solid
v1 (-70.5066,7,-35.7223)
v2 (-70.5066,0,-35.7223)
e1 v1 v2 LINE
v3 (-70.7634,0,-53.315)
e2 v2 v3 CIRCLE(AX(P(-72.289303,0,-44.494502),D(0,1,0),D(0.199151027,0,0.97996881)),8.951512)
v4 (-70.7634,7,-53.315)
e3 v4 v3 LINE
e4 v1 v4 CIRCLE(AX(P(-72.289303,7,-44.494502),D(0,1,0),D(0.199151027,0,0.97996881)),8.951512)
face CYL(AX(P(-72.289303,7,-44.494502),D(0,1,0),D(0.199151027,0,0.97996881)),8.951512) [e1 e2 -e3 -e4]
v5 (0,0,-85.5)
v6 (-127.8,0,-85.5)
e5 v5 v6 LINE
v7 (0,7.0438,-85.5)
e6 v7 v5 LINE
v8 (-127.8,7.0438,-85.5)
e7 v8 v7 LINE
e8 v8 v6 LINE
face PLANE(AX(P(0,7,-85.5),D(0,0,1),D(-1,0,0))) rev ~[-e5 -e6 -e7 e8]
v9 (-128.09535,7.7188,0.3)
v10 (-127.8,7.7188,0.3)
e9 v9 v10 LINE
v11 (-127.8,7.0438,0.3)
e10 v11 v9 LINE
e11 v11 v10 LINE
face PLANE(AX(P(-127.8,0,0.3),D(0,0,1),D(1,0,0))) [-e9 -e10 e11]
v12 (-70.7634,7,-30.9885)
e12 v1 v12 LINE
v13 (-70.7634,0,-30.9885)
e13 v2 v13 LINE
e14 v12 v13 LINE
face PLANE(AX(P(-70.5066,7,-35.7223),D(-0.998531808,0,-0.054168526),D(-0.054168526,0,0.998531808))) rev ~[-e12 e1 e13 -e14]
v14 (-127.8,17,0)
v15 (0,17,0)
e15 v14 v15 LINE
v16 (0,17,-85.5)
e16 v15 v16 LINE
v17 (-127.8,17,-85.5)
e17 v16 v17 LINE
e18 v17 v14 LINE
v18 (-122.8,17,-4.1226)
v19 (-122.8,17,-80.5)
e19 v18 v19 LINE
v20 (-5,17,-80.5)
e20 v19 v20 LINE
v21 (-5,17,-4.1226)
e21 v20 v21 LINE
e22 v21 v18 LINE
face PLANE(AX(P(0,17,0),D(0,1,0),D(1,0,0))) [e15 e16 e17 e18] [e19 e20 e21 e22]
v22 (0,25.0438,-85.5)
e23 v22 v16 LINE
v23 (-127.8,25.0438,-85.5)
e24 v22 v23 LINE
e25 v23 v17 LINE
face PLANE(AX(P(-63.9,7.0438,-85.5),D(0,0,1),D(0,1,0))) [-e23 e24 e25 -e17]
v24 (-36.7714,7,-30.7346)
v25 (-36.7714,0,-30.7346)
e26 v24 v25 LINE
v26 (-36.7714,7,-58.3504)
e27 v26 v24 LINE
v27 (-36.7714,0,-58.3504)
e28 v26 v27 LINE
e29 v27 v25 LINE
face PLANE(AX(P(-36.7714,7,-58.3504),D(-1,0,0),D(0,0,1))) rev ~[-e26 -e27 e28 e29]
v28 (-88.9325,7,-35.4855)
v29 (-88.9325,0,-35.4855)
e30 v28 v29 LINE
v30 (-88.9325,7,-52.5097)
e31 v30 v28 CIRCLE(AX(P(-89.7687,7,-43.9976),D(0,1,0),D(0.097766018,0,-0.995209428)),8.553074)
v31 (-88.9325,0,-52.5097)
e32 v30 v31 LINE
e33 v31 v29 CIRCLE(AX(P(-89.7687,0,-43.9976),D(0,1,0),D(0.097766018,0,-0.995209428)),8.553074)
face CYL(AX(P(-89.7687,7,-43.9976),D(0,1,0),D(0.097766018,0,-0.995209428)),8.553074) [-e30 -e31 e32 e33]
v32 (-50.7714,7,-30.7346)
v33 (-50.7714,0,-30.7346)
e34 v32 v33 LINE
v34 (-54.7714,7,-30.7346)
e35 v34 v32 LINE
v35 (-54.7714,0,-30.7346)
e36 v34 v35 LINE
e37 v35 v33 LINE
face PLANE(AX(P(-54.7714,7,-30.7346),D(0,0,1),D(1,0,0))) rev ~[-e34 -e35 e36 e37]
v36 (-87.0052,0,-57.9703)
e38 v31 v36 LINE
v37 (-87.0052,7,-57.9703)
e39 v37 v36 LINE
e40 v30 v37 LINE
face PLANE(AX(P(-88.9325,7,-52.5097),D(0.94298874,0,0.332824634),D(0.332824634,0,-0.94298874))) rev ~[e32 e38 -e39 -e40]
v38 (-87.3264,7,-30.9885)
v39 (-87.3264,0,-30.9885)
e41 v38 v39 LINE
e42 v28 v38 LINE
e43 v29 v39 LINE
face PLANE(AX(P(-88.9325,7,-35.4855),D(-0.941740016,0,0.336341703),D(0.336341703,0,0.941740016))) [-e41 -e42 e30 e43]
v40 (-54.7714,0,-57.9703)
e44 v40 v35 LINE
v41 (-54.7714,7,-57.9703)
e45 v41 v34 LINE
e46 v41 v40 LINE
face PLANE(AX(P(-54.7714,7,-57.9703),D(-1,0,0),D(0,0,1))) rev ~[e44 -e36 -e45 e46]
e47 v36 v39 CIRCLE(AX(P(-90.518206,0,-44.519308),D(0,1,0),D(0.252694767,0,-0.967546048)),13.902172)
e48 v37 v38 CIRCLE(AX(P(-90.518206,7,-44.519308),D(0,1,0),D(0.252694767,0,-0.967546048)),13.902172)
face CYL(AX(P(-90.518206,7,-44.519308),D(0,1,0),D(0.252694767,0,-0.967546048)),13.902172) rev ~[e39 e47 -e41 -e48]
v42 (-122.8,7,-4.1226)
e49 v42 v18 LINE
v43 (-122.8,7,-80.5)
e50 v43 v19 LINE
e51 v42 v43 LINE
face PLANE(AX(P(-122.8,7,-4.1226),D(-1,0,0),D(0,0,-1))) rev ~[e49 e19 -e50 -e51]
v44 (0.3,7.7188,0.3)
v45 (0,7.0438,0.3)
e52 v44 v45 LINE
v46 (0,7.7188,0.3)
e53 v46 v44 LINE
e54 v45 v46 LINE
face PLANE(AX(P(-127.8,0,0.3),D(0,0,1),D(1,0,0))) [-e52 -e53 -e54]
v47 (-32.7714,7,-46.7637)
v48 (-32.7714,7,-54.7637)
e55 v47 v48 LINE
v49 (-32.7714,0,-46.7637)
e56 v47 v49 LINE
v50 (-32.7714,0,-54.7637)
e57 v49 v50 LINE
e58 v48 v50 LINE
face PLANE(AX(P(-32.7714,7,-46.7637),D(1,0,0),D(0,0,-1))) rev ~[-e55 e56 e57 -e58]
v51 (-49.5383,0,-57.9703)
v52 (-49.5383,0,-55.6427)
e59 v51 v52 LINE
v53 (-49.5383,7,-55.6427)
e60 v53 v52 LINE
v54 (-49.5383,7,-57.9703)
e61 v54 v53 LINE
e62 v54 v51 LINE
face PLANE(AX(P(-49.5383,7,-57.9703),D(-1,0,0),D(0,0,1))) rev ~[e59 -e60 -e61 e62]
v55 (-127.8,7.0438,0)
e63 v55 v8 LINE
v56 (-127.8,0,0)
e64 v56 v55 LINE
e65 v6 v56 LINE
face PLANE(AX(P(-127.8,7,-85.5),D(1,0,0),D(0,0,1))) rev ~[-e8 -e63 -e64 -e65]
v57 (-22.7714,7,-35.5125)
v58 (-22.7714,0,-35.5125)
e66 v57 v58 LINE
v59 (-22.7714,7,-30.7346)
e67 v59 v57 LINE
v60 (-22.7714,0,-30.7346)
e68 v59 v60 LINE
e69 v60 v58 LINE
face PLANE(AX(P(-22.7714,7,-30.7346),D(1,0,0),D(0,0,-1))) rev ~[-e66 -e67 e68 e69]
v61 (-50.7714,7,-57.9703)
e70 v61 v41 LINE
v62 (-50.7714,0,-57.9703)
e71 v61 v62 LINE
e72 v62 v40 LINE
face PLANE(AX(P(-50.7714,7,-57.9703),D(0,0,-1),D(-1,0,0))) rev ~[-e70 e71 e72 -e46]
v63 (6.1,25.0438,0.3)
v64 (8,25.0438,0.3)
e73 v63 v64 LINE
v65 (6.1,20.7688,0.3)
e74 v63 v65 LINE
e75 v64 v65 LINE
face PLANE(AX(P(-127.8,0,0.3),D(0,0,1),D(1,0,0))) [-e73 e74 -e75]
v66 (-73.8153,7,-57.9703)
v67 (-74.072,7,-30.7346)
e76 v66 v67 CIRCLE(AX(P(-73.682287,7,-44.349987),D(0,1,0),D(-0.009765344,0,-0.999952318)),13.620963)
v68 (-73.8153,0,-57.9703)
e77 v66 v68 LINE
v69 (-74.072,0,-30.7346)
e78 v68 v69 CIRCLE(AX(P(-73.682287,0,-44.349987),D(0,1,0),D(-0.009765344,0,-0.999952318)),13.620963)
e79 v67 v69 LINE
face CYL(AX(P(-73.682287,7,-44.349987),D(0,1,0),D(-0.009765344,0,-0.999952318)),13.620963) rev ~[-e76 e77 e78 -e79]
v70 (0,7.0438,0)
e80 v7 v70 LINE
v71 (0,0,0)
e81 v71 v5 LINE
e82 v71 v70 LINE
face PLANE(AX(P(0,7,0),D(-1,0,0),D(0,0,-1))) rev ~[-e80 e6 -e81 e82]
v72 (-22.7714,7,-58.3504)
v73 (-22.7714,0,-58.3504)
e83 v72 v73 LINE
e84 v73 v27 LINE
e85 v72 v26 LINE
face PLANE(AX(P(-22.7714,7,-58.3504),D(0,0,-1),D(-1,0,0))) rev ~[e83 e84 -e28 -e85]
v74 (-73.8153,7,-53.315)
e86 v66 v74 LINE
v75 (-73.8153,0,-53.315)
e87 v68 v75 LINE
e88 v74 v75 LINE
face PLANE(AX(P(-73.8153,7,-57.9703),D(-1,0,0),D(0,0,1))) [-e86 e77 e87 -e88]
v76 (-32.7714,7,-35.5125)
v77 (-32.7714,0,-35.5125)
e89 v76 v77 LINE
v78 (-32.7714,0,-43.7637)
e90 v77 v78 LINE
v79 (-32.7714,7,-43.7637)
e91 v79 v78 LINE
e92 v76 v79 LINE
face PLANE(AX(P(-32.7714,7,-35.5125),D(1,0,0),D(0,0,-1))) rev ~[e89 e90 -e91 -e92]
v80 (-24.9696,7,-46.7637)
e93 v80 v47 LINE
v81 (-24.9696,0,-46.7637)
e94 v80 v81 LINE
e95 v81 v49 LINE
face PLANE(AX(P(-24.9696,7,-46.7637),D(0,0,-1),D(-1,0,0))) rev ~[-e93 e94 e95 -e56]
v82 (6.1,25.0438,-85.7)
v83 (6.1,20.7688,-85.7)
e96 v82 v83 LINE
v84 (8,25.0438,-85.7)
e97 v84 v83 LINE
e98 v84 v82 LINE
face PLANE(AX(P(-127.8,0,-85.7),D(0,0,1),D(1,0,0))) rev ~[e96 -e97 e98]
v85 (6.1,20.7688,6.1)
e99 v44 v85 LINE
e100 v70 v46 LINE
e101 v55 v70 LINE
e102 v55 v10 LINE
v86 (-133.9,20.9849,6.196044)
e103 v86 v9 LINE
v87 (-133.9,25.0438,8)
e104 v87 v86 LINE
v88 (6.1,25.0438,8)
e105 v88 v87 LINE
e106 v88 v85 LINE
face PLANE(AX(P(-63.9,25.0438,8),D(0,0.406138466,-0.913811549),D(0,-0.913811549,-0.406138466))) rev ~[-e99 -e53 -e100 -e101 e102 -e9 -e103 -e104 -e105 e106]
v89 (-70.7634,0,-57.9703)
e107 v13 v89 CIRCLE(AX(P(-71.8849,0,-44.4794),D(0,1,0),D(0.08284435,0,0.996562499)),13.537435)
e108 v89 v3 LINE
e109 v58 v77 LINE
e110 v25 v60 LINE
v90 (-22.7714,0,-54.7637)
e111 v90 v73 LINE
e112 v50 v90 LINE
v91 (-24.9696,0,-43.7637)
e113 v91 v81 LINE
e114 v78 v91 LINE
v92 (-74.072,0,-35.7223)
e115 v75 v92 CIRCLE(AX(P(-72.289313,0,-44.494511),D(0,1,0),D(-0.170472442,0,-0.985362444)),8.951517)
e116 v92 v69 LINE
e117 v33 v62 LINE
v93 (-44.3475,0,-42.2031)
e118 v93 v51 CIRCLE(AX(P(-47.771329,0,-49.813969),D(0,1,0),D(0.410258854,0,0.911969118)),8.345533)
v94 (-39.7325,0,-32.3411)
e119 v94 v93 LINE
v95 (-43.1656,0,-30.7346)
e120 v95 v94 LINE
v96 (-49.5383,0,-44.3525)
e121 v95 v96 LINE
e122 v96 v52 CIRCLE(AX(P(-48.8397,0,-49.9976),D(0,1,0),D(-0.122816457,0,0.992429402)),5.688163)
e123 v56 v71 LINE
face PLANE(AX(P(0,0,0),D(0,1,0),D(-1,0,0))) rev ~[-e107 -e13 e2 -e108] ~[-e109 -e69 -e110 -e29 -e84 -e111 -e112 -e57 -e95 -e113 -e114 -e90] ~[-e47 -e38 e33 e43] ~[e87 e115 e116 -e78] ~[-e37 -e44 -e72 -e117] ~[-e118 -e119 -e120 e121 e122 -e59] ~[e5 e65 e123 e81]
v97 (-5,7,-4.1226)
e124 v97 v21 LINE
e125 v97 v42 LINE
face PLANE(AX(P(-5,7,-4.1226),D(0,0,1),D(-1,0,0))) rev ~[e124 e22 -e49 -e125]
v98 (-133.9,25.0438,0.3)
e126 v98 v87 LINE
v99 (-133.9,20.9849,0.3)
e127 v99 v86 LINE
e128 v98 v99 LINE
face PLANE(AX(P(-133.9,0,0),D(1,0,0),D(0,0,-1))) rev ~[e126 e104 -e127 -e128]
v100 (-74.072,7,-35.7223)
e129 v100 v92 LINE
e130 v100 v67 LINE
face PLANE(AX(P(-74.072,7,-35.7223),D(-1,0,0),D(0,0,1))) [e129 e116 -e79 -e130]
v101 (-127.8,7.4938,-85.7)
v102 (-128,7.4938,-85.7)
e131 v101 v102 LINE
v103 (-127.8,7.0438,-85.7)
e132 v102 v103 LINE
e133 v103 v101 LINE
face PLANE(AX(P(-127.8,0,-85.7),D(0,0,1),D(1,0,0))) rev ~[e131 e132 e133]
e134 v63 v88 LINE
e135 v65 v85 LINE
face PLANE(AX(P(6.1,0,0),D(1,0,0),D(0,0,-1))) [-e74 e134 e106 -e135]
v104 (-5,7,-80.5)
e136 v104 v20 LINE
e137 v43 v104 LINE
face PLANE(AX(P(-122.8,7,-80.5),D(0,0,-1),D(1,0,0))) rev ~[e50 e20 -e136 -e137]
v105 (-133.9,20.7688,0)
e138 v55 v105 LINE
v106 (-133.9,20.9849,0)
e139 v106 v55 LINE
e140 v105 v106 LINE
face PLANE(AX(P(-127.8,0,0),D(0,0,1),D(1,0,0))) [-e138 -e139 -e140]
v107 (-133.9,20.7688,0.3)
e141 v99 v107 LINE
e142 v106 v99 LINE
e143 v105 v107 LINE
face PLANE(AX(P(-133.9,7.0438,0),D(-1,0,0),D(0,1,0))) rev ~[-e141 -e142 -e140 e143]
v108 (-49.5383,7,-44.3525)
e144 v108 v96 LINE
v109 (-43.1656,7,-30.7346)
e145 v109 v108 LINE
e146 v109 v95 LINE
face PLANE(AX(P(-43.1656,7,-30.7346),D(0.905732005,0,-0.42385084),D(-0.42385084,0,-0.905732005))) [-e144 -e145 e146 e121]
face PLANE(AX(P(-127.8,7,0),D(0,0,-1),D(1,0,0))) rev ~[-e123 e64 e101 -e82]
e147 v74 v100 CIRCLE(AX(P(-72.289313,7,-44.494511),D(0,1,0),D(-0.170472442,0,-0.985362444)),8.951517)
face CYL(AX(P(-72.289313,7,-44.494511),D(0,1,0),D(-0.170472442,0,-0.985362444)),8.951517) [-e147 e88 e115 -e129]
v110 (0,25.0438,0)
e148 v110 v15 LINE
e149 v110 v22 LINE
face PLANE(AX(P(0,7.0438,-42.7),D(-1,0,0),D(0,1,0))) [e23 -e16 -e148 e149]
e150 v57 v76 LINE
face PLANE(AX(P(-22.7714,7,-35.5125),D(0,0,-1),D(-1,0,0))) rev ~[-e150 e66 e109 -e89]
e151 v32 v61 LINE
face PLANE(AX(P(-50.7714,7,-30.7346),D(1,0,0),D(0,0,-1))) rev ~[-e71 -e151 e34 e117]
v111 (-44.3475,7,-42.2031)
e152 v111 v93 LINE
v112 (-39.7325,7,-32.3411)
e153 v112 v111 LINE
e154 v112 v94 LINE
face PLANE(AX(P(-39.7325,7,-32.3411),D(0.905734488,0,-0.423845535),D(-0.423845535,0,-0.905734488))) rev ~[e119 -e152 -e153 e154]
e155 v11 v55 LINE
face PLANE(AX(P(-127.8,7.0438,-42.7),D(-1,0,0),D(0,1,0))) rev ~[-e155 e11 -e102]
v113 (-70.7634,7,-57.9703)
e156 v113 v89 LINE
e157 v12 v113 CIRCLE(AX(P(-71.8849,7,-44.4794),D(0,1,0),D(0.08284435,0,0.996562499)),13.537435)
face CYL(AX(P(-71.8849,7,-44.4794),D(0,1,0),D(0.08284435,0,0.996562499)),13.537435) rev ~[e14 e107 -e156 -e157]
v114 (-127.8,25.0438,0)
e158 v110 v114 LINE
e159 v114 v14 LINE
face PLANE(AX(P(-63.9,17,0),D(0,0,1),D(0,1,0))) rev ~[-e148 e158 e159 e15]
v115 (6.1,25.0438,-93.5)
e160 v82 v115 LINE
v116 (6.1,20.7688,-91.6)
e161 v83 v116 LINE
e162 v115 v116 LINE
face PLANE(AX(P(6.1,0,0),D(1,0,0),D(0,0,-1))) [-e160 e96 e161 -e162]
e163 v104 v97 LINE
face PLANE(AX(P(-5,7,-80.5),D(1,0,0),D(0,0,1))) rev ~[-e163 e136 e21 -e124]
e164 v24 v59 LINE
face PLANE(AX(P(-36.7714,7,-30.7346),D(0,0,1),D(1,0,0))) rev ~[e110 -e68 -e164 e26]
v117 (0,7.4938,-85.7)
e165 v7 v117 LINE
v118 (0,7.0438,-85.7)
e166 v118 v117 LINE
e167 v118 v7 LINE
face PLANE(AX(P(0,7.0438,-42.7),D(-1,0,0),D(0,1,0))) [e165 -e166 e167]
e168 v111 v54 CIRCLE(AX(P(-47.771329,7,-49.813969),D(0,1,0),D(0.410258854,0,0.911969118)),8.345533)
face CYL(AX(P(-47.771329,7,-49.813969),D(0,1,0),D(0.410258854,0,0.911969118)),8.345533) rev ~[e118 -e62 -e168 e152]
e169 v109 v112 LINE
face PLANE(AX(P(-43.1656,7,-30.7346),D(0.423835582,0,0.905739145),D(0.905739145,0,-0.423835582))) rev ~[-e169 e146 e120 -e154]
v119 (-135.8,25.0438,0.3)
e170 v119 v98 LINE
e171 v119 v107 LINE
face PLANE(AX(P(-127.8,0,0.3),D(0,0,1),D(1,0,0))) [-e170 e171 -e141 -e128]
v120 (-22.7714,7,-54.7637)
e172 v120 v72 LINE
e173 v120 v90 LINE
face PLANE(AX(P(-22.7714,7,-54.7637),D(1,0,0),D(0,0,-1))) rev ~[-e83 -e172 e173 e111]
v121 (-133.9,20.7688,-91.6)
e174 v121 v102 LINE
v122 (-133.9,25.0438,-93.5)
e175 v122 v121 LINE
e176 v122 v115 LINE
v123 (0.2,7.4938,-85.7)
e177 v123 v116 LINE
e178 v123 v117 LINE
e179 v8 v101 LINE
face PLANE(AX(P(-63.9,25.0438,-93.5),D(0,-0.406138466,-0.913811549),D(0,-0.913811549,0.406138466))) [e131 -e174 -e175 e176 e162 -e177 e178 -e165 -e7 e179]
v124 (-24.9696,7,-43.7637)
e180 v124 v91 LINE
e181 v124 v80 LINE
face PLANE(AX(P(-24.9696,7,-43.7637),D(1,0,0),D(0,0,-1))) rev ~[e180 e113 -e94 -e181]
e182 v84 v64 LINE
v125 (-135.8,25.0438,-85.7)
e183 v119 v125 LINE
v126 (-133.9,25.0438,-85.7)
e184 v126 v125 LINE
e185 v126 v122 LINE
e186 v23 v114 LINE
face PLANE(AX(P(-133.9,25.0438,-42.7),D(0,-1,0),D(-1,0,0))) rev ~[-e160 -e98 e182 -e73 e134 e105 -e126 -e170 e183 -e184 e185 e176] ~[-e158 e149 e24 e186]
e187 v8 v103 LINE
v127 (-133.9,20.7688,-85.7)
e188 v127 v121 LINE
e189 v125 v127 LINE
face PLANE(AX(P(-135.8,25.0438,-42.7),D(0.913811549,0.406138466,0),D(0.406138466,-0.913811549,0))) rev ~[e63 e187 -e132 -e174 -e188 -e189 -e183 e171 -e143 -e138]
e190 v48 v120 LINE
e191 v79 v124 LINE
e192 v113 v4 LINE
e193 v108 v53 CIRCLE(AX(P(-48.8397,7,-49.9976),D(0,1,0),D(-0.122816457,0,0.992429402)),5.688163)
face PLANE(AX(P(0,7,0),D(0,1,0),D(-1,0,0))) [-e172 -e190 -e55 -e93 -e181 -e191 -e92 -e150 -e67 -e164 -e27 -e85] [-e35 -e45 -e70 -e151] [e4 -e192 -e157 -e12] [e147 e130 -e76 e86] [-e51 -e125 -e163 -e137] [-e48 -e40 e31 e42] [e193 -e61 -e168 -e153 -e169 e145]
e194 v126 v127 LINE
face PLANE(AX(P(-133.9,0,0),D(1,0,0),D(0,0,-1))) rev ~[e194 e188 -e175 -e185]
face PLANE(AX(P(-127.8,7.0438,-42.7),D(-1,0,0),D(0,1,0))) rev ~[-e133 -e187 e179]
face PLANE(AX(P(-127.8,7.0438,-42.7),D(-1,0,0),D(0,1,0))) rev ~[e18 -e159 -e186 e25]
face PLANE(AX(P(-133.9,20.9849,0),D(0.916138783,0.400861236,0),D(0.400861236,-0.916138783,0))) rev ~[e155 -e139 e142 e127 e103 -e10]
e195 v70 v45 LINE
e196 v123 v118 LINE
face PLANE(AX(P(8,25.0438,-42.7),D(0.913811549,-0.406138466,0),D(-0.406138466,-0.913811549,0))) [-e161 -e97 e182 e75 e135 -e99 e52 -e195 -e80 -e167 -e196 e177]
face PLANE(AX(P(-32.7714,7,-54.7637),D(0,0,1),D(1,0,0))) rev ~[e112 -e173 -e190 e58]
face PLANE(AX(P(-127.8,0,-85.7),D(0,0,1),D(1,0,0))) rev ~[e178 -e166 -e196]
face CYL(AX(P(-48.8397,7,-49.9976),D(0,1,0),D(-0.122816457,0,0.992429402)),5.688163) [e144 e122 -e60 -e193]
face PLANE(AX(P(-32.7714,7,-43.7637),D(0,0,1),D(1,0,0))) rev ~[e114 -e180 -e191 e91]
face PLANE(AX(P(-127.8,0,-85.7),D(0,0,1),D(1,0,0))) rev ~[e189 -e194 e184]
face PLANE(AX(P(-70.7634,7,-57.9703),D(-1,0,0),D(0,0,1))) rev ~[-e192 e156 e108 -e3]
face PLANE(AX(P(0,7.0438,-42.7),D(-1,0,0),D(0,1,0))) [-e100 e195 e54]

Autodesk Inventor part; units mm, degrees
ref_plane "YZ Plane" through (0, 0, 0) normal (1, 0, 0) x (0, 1, 0)
ref_plane "XZ Plane" through (0, 0, 0) normal (0, 1, 0) x (-1, 0, 0)
ref_plane "XY Plane" through (0, 0, 0) normal (0, 0, 1) x (1, 0, 0)
sketch "Sketch1" plane through (0, 0, 0) normal (0, 1, 0) x (-1, 0, 0)
  line L0 (0, 0) -> (0, -85.5)
  line L1 (0, -85.5) -> (127.8, -85.5)
  line L2 (127.8, -85.5) -> (127.8, 0)
  line L3 (127.8, 0) -> (0, 0)
  dimension "d0" = 85.5
  dimension "d1" = 127.8
extrude "Extrusion2" add sketch "Sketch1" along normal blind 7
sketch "Sketch3" plane through (0, 7, 0) normal (0, 1, 0) x (1, 0, 0)
  point P0 (0, 0)
sketch "Sketch4" plane through (0, 7, 0) normal (0, 1, 0) x (1, 0, 0)
  arc A0 (-87.0052, 57.9703) -> (-87.3264, 30.9885) centre (-90.5182, 44.5193) ccw
  arc A1 (-88.9325, 52.5097) -> (-88.9325, 35.4855) centre (-89.7687, 43.9976) ccw
  line L0 (-88.9325, 52.5097) -> (-87.0052, 57.9703)
  line L1 (-88.9325, 35.4855) -> (-87.3264, 30.9885)
  arc A2 (-73.8153, 53.315) -> (-74.072, 35.7223) centre (-72.2893, 44.4945) ccw
  arc A3 (-70.5066, 35.7223) -> (-70.7634, 53.315) centre (-72.2893, 44.4945) ccw
  arc A4 (-70.7634, 30.9885) -> (-70.7634, 57.9703) centre (-71.8849, 44.4794) ccw
  line L2 (-70.7634, 57.9703) -> (-70.7634, 53.315)
  line L3 (-70.5066, 35.7223) -> (-70.7634, 30.9885)
  line L4 (-74.072, 35.7223) -> (-74.072, 30.7346)
  line L5 (-73.8153, 57.9703) -> (-73.8153, 53.315)
  arc A5 (-73.8153, 57.9703) -> (-74.072, 30.7346) centre (-73.6823, 44.35) ccw
  line L6 (-54.7714, 57.9703) -> (-54.7714, 30.7346)
  line L7 (-54.7714, 30.7346) -> (-50.7714, 30.7346)
  line L8 (-50.7714, 30.7346) -> (-50.7714, 57.9703)
  line L9 (-50.7714, 57.9703) -> (-54.7714, 57.9703)
  line L10 (-43.1656, 30.7346) -> (-49.5383, 44.3525)
  arc A6 (-49.5383, 44.3525) -> (-49.5383, 55.6427) centre (-48.8397, 49.9976) ccw
  line L11 (-43.1656, 30.7346) -> (-39.7325, 32.3411)
  line L12 (-39.7325, 32.3411) -> (-44.3475, 42.2031)
  arc A7 (-44.3475, 42.2031) -> (-49.5383, 57.9703) centre (-47.7714, 49.814) ccw
  line L13 (-49.5383, 57.9703) -> (-49.5383, 55.6427)
  line L14 (-36.7714, 58.3504) -> (-36.7714, 30.7346)
  line L15 (-36.7714, 30.7346) -> (-22.7714, 30.7346)
  line L16 (-22.7714, 30.7346) -> (-22.7714, 35.5125)
  line L17 (-22.7714, 35.5125) -> (-32.7714, 35.5125)
  line L18 (-32.7714, 35.5125) -> (-32.7714, 43.7637)
  line L19 (-32.7714, 43.7637) -> (-24.9696, 43.7637)
  line L20 (-24.9696, 43.7637) -> (-24.9696, 46.7637)
  line L21 (-24.9696, 46.7637) -> (-32.7714, 46.7637)
  line L22 (-32.7714, 46.7637) -> (-32.7714, 54.7637)
  line L23 (-32.7714, 54.7637) -> (-22.7714, 54.7637)
  line L24 (-22.7714, 54.7637) -> (-22.7714, 58.3504)
  line L25 (-22.7714, 58.3504) -> (-36.7714, 58.3504)
  line L26 (-127.8, 85.5) -> (-127.8, 0) projected
  line L27 (0, 85.5) -> (-127.8, 85.5) projected
  point P0 (0, 0)
extrude "Extrusion3" cut sketch "Sketch4" against normal through all
sketch "Sketch5" plane through (0, 7, 0) normal (0, 1, 0) x (1, 0, 0)
  line L0 (-127.8, 0) -> (0, 0) projected
  line L1 (-127.8, 0) -> (0, 0)
  line L2 (0, 0) -> (0, 85.5) projected
  line L3 (0, 0) -> (0, 85.5)
  line L4 (0, 85.5) -> (-127.8, 85.5) projected
  line L5 (0, 85.5) -> (-127.8, 85.5)
  line L6 (-127.8, 85.5) -> (-127.8, 0)
  line L7 (-122.8, 80.5) -> (-5, 80.5)
  line L8 (-5, 80.5) -> (-5, 4.1226)
  line L9 (-5, 4.1226) -> (-122.8, 4.1226)
  line L10 (-122.8, 4.1226) -> (-122.8, 80.5)
  line L11 (-127.8, 85.5) -> (-127.8, 0) projected
  dimension "d44" = 5
  dimension "d45" = 5
  dimension "d46" = 5
extrude "Extrusion4" add sketch "Sketch5" along normal blind 10
sketch "Sketch9" plane through (0, 17, 0) normal (0, 1, 0) x (1, 0, 0)
  line L0 (-127.8, 85.5) -> (-127.8, 0) projected
  line L1 (-127.8, 0) -> (-127.8, 85.5)
  line L2 (-127.8, 85.5) -> (0, 85.5)
  line L3 (0, 85.5) -> (0, 0)
  line L4 (0, 0) -> (-127.8, 0)
  line L5 (-122.8, 4.1226) -> (-5, 4.1226) projected
  line L6 (-5, 80.5) -> (-122.8, 80.5) projected
  line L7 (-122.8, 4.1226) -> (-122.8, 80.5)
  line L8 (-122.8, 80.5) -> (-5, 80.5)
  line L9 (-5, 80.5) -> (-5, 4.1226)
  line L10 (-5, 4.1226) -> (-122.8, 4.1226)
  point P0 (0, 0)
ref_plane "Work Plane4" through (-63.9, 0, 0) normal (1, 0, 0) x (0, 0, -1)
sketch "Sketch21" plane through (-63.9, 0, 0) normal (1, 0, 0) x (0, 0, -1)
  line L0 (0, 0) -> (0, 17) projected
  line L1 (0, 7.0438) -> (0, 25.0438)
  line L2 (0, 25.0438) -> (-8, 25.0438)
  line L3 (-8, 25.0438) -> (0, 7.0438)
  line L4 (85.5, 0) -> (85.5, 17) projected
  line L5 (85.5, 7.0438) -> (85.5, 25.0438)
  line L6 (85.5, 25.0438) -> (93.5, 25.0438)
  line L7 (93.5, 25.0438) -> (85.5, 7.0438)
  dimension "d99" = 18
  dimension "d100" = 8
  dimension "d101" = 18
  dimension "d102" = 8
extrude "Extrusion7" add sketch "Sketch21" along normal mid plane 140
ref_plane "Work Plane5" through (-127.8, 0, -42.7) normal (0, 0, 1) x (1, 0, 0)
sketch "Sketch22" plane through (-127.8, 0, -42.7) normal (0, 0, 1) x (1, 0, 0)
  line L0 (127.8, 7.0438) -> (133.9, 7.0438) projected
  line L1 (127.8, 7.0438) -> (127.8, 25.0438)
  line L2 (133.9, 25.0438) -> (-6.1, 25.0438) projected
  line L3 (127.8, 25.0438) -> (135.8, 25.0438)
  line L4 (135.8, 25.0438) -> (127.8, 7.0438)
  line L5 (0, 0) -> (0, 7.0438) projected
  line L6 (0, 7.0438) -> (0, 25.0438)
  line L7 (0, 25.0438) -> (-8, 25.0438)
  line L8 (-6.1, 7.0438) -> (0, 7.0438) projected
  line L9 (-8, 25.0438) -> (0, 7.0438)
  point P0 (127.8, 0)
  dimension "d106" = 8
  dimension "d107" = 8
extrude "Extrusion8" add sketch "Sketch22" along normal mid plane 86
sketch "Sketch24" plane through (-127.8, 0, 0) normal (0, 0, 1) x (1, 0, 0)
  line L0 (-6.1, 7.0438) -> (-6.1, 25.0438) projected
  line L1 (0, 7.0438) -> (127.8, 7.0438) projected
  line L2 (-6.1, 20.9849) -> (0, 7.0438)
  line L3 (0, 7.0438) -> (-6.1, 7.0438)
  line L4 (-6.1, 7.0438) -> (-6.1, 20.9849)
  line L5 (127.8, 7.0438) -> (133.9, 7.0438) projected
  line L6 (133.9, 7.0438) -> (133.9, 20.7688) projected
  line L7 (127.8, 7.0438) -> (133.9, 20.7688)
  line L8 (133.9, 20.7688) -> (133.9, 7.0438)
  line L9 (133.9, 7.0438) -> (127.8, 7.0438)
  point P0 (127.8, 0)
extrude "Extrusion9" cut sketch "Sketch24" along normal blind 86
sketch "Sketch25" plane through (0, 0, -85.5) normal (0, 0, -1) x (-1, 0, 0)
  line L0 (-6.1, 20.7688) -> (0, 7.0438) projected
  line L1 (0, 7.0438) -> (-6.1, 20.7688)
  line L2 (-6.1, 20.7688) -> (-6.1, 7.0438)
  line L3 (-6.1, 7.0438) -> (0, 7.0438)
  line L4 (127.8, 7.0438) -> (133.9, 20.7688) projected
  line L5 (127.8, 7.0438) -> (133.9, 20.7688)
  line L6 (133.9, 7.0438) -> (133.9, 20.7688) projected
  line L7 (133.9, 20.7688) -> (133.9, 7.0438)
  line L8 (127.8, 7.0438) -> (0, 7.0438) projected
  line L9 (133.9, 7.0438) -> (127.8, 7.0438)
  point P0 (0, 0)
extrude "Extrusion10" cut sketch "Sketch25" along normal blind 86
properties part number "Rack holder Kinpen"
